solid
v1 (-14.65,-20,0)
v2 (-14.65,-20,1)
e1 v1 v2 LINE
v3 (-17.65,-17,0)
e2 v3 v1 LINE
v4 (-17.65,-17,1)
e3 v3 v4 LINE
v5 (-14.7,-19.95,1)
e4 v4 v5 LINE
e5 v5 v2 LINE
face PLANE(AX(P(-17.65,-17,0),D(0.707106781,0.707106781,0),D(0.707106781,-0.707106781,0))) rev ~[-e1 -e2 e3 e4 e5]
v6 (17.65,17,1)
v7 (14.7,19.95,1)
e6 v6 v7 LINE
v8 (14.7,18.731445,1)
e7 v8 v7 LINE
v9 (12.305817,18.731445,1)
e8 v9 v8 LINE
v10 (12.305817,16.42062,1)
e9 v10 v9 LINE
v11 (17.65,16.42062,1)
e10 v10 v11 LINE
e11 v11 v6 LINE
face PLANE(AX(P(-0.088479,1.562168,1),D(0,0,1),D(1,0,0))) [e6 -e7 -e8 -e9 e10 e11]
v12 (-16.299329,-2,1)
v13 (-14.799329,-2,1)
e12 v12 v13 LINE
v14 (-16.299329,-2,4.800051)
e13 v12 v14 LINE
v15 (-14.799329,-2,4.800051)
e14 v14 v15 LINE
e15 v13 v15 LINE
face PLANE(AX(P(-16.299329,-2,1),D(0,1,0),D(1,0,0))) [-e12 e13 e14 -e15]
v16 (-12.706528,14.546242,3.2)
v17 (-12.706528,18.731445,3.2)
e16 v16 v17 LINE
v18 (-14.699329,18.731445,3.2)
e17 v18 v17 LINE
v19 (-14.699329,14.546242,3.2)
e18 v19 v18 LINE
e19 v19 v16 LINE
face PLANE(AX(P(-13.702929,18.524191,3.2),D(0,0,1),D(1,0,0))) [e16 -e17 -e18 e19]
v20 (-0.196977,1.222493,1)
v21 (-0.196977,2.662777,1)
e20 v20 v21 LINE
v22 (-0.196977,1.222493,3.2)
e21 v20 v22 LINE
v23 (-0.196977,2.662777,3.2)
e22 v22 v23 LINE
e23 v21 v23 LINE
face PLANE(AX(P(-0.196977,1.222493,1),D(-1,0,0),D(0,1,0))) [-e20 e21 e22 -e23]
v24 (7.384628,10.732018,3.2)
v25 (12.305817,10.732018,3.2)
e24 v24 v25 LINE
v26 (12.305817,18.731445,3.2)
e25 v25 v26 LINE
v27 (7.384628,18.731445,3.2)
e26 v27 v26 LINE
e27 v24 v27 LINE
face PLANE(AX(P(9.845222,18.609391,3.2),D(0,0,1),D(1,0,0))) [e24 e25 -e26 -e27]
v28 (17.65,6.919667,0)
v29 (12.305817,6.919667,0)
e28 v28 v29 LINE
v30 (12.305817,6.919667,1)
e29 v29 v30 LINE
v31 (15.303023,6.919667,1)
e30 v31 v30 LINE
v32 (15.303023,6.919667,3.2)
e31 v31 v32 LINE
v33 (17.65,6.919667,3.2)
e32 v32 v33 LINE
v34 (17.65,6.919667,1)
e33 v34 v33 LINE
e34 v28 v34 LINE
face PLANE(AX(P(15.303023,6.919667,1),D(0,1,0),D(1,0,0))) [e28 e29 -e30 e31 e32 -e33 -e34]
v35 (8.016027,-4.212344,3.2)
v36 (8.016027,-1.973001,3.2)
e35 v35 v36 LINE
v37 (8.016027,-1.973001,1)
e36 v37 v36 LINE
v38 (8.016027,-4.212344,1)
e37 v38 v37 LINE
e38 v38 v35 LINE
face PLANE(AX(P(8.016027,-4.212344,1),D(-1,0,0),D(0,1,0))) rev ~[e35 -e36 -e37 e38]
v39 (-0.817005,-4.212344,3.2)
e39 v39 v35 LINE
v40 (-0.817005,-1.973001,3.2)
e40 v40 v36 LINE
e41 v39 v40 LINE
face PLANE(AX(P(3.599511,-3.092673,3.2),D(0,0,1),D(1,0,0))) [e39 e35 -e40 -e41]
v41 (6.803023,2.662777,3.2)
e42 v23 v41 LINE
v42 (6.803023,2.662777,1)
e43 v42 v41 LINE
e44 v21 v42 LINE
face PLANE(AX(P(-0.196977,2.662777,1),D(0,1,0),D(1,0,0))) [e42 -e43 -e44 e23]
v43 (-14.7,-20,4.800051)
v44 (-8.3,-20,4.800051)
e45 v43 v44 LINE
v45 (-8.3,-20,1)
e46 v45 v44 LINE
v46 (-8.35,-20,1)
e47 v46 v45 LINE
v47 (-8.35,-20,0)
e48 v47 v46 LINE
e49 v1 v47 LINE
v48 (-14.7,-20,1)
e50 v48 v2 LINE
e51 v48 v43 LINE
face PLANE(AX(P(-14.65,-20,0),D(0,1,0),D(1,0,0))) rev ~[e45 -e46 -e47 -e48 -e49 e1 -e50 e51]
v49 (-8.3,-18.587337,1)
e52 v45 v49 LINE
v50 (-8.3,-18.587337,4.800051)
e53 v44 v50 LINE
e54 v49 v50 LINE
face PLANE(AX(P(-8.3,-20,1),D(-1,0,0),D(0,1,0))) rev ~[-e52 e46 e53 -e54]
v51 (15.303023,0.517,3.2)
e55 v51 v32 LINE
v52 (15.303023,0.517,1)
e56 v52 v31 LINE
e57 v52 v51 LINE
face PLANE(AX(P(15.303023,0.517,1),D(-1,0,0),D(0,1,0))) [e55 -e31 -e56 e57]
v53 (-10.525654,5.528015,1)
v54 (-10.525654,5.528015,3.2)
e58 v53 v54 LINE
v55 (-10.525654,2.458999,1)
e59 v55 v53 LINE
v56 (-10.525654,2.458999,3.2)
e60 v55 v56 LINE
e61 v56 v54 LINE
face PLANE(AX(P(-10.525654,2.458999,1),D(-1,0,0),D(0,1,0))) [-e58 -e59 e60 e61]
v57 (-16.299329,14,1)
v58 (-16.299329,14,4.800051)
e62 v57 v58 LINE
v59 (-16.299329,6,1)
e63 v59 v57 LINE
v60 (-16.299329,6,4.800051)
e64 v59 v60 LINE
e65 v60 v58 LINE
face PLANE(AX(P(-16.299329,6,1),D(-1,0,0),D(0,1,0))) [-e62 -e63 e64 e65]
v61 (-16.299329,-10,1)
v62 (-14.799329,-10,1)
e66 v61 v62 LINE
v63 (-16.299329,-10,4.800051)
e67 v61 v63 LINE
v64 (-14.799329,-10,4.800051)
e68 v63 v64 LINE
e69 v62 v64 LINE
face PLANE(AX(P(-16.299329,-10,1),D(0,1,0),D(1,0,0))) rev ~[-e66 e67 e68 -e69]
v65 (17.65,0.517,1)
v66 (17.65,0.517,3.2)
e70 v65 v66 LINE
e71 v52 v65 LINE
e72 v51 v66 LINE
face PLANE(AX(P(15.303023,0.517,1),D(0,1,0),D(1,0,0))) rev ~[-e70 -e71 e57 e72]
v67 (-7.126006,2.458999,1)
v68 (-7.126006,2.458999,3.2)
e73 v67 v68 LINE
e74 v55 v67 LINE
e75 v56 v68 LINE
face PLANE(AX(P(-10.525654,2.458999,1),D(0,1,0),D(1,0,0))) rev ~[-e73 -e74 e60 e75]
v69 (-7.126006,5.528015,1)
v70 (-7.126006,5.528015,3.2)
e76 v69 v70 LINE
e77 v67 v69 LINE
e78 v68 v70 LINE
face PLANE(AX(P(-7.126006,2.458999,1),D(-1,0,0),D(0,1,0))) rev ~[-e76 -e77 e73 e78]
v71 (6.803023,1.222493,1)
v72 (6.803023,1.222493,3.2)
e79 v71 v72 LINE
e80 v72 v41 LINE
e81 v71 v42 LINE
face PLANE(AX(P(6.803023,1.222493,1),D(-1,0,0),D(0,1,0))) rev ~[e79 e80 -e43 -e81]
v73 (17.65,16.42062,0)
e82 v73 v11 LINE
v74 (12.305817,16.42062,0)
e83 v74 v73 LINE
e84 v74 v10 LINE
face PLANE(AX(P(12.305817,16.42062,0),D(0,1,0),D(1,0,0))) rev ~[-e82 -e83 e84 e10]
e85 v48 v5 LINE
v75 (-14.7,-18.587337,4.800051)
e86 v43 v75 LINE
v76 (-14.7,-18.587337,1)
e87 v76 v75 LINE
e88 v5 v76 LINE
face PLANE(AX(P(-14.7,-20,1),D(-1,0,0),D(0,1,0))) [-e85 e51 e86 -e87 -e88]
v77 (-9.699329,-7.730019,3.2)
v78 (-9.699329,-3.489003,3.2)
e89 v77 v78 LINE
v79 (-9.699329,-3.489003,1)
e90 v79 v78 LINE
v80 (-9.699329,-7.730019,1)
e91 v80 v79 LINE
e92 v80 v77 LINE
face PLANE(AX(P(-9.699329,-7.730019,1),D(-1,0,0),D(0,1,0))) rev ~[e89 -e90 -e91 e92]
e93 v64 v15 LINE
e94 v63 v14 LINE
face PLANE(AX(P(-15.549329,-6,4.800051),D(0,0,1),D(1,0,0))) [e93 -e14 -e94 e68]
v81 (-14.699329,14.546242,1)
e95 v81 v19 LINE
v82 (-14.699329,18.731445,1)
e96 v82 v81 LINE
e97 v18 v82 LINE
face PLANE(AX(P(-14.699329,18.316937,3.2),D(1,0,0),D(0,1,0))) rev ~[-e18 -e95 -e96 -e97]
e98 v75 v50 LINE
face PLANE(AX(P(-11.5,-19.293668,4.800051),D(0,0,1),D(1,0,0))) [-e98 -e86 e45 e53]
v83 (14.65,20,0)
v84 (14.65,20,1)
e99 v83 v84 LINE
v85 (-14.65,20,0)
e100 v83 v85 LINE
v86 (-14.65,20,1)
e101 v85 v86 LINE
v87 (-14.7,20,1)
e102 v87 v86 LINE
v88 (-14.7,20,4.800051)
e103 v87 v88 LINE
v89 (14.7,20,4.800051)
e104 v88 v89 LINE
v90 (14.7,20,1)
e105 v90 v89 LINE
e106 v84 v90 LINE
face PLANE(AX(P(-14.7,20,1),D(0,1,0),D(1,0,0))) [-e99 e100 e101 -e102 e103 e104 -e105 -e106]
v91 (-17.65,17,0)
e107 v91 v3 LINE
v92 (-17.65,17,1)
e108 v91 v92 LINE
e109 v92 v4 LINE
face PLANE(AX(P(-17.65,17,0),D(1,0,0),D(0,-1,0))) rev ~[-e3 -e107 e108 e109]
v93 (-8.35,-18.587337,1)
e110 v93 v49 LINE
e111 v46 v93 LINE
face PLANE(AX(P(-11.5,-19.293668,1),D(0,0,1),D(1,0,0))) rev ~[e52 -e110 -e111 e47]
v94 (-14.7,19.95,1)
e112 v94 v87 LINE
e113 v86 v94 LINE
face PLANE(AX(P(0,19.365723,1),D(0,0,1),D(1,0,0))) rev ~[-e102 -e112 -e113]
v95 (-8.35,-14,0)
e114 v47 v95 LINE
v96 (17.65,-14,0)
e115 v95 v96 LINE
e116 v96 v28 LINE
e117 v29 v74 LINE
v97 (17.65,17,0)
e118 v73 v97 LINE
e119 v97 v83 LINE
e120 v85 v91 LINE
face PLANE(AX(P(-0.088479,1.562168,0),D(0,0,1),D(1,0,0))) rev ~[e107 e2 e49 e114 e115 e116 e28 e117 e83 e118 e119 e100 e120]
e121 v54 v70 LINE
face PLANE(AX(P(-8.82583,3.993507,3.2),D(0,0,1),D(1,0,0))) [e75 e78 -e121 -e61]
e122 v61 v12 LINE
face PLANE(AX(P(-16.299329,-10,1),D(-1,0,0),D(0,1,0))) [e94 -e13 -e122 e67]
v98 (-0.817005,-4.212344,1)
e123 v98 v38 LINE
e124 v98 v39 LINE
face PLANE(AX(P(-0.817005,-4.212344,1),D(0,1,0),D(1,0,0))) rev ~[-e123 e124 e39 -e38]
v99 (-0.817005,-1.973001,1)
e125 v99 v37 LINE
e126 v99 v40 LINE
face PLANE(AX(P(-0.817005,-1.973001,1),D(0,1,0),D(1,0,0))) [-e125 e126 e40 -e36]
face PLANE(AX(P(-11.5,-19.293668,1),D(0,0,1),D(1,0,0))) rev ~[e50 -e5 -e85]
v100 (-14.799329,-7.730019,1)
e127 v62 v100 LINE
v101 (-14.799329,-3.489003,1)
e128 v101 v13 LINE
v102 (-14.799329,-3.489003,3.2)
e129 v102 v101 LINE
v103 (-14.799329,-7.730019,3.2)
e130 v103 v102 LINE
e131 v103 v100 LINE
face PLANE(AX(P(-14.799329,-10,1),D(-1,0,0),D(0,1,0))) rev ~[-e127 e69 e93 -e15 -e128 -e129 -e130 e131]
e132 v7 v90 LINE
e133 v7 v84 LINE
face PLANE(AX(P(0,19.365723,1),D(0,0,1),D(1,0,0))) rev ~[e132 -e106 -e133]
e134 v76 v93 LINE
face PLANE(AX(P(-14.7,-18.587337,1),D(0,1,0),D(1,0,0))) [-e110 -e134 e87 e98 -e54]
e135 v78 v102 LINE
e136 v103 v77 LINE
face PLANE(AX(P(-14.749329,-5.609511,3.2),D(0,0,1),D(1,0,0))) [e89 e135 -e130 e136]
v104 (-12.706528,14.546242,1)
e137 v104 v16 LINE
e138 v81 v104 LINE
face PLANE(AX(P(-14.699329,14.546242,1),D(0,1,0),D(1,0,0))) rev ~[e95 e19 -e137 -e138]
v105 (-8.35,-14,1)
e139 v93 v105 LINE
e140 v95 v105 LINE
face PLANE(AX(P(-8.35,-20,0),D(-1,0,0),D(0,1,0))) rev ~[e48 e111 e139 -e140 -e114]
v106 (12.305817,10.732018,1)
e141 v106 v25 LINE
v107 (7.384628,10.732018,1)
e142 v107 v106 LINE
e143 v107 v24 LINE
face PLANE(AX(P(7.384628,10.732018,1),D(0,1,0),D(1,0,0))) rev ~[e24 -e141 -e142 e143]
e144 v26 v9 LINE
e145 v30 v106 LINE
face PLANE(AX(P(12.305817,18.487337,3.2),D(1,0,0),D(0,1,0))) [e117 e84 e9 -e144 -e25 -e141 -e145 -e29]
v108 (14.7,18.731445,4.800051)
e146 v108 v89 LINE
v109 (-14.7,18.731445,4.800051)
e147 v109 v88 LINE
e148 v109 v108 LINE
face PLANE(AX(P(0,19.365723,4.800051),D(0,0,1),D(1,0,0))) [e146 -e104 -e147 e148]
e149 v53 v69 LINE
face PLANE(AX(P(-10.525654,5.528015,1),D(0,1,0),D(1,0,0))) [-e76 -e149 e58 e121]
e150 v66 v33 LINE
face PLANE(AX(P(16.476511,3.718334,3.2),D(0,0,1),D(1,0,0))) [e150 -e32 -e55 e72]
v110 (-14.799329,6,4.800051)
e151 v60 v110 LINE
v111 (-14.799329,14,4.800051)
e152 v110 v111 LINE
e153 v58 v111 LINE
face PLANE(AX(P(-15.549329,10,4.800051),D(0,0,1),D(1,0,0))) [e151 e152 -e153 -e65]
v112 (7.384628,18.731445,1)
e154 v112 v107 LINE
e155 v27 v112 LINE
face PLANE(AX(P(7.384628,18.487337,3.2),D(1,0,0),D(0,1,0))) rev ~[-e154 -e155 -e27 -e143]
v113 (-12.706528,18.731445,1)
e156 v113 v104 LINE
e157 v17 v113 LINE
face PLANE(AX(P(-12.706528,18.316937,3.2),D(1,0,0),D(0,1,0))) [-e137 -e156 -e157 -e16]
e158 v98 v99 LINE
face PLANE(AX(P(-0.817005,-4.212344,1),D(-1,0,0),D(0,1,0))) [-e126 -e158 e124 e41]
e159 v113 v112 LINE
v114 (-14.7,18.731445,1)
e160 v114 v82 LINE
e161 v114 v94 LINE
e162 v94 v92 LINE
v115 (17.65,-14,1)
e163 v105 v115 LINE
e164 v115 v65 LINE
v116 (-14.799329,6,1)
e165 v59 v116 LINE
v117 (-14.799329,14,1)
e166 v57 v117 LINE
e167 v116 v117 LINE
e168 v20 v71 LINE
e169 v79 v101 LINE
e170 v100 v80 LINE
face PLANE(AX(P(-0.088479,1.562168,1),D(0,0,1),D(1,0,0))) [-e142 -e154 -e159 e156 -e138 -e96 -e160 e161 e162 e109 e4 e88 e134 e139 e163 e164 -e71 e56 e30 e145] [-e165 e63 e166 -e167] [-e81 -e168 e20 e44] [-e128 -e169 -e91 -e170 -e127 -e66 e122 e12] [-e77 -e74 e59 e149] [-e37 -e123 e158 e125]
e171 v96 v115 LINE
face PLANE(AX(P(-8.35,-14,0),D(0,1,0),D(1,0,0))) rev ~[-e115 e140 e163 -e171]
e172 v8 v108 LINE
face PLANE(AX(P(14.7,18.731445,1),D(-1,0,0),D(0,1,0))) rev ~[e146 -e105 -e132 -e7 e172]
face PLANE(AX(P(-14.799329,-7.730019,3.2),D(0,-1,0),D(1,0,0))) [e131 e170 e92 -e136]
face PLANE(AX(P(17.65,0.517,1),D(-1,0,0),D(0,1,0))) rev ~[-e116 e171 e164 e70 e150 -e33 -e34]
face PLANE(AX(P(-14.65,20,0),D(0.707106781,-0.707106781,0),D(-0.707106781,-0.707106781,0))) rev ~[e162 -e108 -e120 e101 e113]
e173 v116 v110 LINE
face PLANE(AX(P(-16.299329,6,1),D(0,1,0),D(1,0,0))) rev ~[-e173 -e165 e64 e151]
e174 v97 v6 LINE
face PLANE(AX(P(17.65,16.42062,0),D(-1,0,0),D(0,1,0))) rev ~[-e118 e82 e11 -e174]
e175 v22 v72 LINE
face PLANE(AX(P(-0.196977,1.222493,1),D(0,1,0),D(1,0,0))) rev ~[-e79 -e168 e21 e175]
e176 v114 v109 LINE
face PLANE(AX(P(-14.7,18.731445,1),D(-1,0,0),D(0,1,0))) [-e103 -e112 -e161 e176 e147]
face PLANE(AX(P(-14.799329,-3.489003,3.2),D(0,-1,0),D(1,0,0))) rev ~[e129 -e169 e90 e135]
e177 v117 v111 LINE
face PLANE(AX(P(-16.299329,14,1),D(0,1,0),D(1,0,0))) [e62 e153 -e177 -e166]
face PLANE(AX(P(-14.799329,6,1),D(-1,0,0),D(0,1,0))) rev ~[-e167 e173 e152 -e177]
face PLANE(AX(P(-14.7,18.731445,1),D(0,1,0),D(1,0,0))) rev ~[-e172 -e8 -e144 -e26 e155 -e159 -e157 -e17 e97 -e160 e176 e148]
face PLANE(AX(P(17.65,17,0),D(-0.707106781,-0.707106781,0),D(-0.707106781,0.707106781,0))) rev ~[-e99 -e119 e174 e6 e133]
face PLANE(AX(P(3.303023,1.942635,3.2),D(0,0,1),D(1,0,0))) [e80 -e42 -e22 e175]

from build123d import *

# Parameters (mm, degrees)
BASE_DEPTH      = 1
SKETCH_2_W      = 5
SKETCH_2_H      = 4.241016002
SKETCH_2_W_2    = 3.399648754
SKETCH_2_H_2    = 3.069015748
SKETCH_2_W_3    = 8.833032766
SKETCH_2_H_3    = 2.239343378
SKETCH_2_W_4    = 7
SKETCH_2_H_4    = 1.440284481
SKETCH_2_W_5    = 2.346977394
SKETCH_2_H_5    = 6.402667005
SKETCH_2_W_6    = 4.921188948
SKETCH_2_H_6    = 7.755318771
SKETCH_2_W_7    = 1.992801626
SKETCH_2_H_7    = 3.770694824
PILLARS_DEPTH   = 2.2
SKETCH_3_W      = 1.5
SKETCH_3_H      = 8
SKETCH_3_W_2    = 29.4
SKETCH_3_H_2    = 1.268554838
SKETCH_3_W_3    = 6.4
SKETCH_3_H_3    = 1.412663195
ENCLOSURE_DEPTH = 3.800051
PADDING_REACH   = 5.2
SKETCH_5_W      = 1.992801626
SKETCH_5_H      = 0.414508298
SKETCH_5_W_2    = 4.921188948
SKETCH_5_H_2    = 0.244108357
SKETCH_5_W_3    = 0.1
SKETCH_5_H_3    = 4.241016002


with BuildPart() as part:
    # 草图1 → Base (new body)
    with BuildSketch(Plane.XY):
        Polygon((14.65, 20), (-14.65, 20), (-17.65, 17), (-17.65, -17), (-14.65, -20), (-8.35, -20), (-8.35, -14), (17.65, -14), (17.65, 6.919667259), (12.305816612, 6.919667259), (12.305816612, 16.420619761), (17.65, 16.420619761), (17.65, 17), align=None)
    extrude(amount=BASE_DEPTH)

    # 草图2 → Pillars (add)
    with BuildSketch(Plane.XY.offset(1)):
        with Locations((-12.199329439, -5.609511049)):
            Rectangle(SKETCH_2_W, SKETCH_2_H)
        with Locations((-8.825830005, 3.993507112)):
            Rectangle(SKETCH_2_W_2, SKETCH_2_H_2)
        with Locations((3.599511049, -3.092672705)):
            Rectangle(SKETCH_2_W_3, SKETCH_2_H_3)
        with Locations((3.303022606, 1.942635256)):
            Rectangle(SKETCH_2_W_4, SKETCH_2_H_4)
        with Locations((16.476511303, 3.718333757)):
            Rectangle(SKETCH_2_W_5, SKETCH_2_H_5)
        with Locations((9.845222138, 14.60967742)):
            Rectangle(SKETCH_2_W_6, SKETCH_2_H_6)
        with Locations((-13.702928626, 16.431589452)):
            Rectangle(SKETCH_2_W_7, SKETCH_2_H_7)
    extrude(amount=PILLARS_DEPTH)

    # 草图3 → Enclosure (add)
    with BuildSketch(Plane.XY.offset(1)):
        with Locations((-15.549329439, 10)):
            Rectangle(SKETCH_3_W, SKETCH_3_H)
        with Locations((0, 19.365722581)):
            Rectangle(SKETCH_3_W_2, SKETCH_3_H_2)
        with Locations((-11.5, -19.293668402)):
            Rectangle(SKETCH_3_W_3, SKETCH_3_H_3)
        with Locations((-15.549329439, -6)):
            Rectangle(SKETCH_3_W, SKETCH_3_H)
    extrude(amount=ENCLOSURE_DEPTH)

    # 草图5 → Padding (add, up to next)
    with BuildSketch(Plane.XY.offset(3.2), mode=Mode.PRIVATE) as padding_sk1:
        with Locations((-13.702928626, 18.524191013)):
            Rectangle(SKETCH_5_W, SKETCH_5_H)
    padding_tool1 = extrude(padding_sk1.sketch, amount=-PADDING_REACH, mode=Mode.PRIVATE) - part.part
    add(padding_tool1.solids().sort_by_distance((-13.702929, 18.524191, 3.2))[0])
    # 草图5 → Padding (add, up to next)
    with BuildSketch(Plane.XY.offset(3.2), mode=Mode.PRIVATE) as padding_sk2:
        with Locations((9.845222138, 18.609390983)):
            Rectangle(SKETCH_5_W_2, SKETCH_5_H_2)
    padding_tool2 = extrude(padding_sk2.sketch, amount=-PADDING_REACH, mode=Mode.PRIVATE) - part.part
    add(padding_tool2.solids().sort_by_distance((9.845222, 18.609391, 3.2))[0])
    # 草图5 → Padding (add, up to next)
    with BuildSketch(Plane.XY.offset(3.2), mode=Mode.PRIVATE) as padding_sk3:
        with Locations((-14.749329439, -5.609511049)):
            Rectangle(SKETCH_5_W_3, SKETCH_5_H_3)
    padding_tool3 = extrude(padding_sk3.sketch, amount=-PADDING_REACH, mode=Mode.PRIVATE) - part.part
    add(padding_tool3.solids().sort_by_distance((-14.749329, -5.609511, 3.2))[0])


solid = part.part
